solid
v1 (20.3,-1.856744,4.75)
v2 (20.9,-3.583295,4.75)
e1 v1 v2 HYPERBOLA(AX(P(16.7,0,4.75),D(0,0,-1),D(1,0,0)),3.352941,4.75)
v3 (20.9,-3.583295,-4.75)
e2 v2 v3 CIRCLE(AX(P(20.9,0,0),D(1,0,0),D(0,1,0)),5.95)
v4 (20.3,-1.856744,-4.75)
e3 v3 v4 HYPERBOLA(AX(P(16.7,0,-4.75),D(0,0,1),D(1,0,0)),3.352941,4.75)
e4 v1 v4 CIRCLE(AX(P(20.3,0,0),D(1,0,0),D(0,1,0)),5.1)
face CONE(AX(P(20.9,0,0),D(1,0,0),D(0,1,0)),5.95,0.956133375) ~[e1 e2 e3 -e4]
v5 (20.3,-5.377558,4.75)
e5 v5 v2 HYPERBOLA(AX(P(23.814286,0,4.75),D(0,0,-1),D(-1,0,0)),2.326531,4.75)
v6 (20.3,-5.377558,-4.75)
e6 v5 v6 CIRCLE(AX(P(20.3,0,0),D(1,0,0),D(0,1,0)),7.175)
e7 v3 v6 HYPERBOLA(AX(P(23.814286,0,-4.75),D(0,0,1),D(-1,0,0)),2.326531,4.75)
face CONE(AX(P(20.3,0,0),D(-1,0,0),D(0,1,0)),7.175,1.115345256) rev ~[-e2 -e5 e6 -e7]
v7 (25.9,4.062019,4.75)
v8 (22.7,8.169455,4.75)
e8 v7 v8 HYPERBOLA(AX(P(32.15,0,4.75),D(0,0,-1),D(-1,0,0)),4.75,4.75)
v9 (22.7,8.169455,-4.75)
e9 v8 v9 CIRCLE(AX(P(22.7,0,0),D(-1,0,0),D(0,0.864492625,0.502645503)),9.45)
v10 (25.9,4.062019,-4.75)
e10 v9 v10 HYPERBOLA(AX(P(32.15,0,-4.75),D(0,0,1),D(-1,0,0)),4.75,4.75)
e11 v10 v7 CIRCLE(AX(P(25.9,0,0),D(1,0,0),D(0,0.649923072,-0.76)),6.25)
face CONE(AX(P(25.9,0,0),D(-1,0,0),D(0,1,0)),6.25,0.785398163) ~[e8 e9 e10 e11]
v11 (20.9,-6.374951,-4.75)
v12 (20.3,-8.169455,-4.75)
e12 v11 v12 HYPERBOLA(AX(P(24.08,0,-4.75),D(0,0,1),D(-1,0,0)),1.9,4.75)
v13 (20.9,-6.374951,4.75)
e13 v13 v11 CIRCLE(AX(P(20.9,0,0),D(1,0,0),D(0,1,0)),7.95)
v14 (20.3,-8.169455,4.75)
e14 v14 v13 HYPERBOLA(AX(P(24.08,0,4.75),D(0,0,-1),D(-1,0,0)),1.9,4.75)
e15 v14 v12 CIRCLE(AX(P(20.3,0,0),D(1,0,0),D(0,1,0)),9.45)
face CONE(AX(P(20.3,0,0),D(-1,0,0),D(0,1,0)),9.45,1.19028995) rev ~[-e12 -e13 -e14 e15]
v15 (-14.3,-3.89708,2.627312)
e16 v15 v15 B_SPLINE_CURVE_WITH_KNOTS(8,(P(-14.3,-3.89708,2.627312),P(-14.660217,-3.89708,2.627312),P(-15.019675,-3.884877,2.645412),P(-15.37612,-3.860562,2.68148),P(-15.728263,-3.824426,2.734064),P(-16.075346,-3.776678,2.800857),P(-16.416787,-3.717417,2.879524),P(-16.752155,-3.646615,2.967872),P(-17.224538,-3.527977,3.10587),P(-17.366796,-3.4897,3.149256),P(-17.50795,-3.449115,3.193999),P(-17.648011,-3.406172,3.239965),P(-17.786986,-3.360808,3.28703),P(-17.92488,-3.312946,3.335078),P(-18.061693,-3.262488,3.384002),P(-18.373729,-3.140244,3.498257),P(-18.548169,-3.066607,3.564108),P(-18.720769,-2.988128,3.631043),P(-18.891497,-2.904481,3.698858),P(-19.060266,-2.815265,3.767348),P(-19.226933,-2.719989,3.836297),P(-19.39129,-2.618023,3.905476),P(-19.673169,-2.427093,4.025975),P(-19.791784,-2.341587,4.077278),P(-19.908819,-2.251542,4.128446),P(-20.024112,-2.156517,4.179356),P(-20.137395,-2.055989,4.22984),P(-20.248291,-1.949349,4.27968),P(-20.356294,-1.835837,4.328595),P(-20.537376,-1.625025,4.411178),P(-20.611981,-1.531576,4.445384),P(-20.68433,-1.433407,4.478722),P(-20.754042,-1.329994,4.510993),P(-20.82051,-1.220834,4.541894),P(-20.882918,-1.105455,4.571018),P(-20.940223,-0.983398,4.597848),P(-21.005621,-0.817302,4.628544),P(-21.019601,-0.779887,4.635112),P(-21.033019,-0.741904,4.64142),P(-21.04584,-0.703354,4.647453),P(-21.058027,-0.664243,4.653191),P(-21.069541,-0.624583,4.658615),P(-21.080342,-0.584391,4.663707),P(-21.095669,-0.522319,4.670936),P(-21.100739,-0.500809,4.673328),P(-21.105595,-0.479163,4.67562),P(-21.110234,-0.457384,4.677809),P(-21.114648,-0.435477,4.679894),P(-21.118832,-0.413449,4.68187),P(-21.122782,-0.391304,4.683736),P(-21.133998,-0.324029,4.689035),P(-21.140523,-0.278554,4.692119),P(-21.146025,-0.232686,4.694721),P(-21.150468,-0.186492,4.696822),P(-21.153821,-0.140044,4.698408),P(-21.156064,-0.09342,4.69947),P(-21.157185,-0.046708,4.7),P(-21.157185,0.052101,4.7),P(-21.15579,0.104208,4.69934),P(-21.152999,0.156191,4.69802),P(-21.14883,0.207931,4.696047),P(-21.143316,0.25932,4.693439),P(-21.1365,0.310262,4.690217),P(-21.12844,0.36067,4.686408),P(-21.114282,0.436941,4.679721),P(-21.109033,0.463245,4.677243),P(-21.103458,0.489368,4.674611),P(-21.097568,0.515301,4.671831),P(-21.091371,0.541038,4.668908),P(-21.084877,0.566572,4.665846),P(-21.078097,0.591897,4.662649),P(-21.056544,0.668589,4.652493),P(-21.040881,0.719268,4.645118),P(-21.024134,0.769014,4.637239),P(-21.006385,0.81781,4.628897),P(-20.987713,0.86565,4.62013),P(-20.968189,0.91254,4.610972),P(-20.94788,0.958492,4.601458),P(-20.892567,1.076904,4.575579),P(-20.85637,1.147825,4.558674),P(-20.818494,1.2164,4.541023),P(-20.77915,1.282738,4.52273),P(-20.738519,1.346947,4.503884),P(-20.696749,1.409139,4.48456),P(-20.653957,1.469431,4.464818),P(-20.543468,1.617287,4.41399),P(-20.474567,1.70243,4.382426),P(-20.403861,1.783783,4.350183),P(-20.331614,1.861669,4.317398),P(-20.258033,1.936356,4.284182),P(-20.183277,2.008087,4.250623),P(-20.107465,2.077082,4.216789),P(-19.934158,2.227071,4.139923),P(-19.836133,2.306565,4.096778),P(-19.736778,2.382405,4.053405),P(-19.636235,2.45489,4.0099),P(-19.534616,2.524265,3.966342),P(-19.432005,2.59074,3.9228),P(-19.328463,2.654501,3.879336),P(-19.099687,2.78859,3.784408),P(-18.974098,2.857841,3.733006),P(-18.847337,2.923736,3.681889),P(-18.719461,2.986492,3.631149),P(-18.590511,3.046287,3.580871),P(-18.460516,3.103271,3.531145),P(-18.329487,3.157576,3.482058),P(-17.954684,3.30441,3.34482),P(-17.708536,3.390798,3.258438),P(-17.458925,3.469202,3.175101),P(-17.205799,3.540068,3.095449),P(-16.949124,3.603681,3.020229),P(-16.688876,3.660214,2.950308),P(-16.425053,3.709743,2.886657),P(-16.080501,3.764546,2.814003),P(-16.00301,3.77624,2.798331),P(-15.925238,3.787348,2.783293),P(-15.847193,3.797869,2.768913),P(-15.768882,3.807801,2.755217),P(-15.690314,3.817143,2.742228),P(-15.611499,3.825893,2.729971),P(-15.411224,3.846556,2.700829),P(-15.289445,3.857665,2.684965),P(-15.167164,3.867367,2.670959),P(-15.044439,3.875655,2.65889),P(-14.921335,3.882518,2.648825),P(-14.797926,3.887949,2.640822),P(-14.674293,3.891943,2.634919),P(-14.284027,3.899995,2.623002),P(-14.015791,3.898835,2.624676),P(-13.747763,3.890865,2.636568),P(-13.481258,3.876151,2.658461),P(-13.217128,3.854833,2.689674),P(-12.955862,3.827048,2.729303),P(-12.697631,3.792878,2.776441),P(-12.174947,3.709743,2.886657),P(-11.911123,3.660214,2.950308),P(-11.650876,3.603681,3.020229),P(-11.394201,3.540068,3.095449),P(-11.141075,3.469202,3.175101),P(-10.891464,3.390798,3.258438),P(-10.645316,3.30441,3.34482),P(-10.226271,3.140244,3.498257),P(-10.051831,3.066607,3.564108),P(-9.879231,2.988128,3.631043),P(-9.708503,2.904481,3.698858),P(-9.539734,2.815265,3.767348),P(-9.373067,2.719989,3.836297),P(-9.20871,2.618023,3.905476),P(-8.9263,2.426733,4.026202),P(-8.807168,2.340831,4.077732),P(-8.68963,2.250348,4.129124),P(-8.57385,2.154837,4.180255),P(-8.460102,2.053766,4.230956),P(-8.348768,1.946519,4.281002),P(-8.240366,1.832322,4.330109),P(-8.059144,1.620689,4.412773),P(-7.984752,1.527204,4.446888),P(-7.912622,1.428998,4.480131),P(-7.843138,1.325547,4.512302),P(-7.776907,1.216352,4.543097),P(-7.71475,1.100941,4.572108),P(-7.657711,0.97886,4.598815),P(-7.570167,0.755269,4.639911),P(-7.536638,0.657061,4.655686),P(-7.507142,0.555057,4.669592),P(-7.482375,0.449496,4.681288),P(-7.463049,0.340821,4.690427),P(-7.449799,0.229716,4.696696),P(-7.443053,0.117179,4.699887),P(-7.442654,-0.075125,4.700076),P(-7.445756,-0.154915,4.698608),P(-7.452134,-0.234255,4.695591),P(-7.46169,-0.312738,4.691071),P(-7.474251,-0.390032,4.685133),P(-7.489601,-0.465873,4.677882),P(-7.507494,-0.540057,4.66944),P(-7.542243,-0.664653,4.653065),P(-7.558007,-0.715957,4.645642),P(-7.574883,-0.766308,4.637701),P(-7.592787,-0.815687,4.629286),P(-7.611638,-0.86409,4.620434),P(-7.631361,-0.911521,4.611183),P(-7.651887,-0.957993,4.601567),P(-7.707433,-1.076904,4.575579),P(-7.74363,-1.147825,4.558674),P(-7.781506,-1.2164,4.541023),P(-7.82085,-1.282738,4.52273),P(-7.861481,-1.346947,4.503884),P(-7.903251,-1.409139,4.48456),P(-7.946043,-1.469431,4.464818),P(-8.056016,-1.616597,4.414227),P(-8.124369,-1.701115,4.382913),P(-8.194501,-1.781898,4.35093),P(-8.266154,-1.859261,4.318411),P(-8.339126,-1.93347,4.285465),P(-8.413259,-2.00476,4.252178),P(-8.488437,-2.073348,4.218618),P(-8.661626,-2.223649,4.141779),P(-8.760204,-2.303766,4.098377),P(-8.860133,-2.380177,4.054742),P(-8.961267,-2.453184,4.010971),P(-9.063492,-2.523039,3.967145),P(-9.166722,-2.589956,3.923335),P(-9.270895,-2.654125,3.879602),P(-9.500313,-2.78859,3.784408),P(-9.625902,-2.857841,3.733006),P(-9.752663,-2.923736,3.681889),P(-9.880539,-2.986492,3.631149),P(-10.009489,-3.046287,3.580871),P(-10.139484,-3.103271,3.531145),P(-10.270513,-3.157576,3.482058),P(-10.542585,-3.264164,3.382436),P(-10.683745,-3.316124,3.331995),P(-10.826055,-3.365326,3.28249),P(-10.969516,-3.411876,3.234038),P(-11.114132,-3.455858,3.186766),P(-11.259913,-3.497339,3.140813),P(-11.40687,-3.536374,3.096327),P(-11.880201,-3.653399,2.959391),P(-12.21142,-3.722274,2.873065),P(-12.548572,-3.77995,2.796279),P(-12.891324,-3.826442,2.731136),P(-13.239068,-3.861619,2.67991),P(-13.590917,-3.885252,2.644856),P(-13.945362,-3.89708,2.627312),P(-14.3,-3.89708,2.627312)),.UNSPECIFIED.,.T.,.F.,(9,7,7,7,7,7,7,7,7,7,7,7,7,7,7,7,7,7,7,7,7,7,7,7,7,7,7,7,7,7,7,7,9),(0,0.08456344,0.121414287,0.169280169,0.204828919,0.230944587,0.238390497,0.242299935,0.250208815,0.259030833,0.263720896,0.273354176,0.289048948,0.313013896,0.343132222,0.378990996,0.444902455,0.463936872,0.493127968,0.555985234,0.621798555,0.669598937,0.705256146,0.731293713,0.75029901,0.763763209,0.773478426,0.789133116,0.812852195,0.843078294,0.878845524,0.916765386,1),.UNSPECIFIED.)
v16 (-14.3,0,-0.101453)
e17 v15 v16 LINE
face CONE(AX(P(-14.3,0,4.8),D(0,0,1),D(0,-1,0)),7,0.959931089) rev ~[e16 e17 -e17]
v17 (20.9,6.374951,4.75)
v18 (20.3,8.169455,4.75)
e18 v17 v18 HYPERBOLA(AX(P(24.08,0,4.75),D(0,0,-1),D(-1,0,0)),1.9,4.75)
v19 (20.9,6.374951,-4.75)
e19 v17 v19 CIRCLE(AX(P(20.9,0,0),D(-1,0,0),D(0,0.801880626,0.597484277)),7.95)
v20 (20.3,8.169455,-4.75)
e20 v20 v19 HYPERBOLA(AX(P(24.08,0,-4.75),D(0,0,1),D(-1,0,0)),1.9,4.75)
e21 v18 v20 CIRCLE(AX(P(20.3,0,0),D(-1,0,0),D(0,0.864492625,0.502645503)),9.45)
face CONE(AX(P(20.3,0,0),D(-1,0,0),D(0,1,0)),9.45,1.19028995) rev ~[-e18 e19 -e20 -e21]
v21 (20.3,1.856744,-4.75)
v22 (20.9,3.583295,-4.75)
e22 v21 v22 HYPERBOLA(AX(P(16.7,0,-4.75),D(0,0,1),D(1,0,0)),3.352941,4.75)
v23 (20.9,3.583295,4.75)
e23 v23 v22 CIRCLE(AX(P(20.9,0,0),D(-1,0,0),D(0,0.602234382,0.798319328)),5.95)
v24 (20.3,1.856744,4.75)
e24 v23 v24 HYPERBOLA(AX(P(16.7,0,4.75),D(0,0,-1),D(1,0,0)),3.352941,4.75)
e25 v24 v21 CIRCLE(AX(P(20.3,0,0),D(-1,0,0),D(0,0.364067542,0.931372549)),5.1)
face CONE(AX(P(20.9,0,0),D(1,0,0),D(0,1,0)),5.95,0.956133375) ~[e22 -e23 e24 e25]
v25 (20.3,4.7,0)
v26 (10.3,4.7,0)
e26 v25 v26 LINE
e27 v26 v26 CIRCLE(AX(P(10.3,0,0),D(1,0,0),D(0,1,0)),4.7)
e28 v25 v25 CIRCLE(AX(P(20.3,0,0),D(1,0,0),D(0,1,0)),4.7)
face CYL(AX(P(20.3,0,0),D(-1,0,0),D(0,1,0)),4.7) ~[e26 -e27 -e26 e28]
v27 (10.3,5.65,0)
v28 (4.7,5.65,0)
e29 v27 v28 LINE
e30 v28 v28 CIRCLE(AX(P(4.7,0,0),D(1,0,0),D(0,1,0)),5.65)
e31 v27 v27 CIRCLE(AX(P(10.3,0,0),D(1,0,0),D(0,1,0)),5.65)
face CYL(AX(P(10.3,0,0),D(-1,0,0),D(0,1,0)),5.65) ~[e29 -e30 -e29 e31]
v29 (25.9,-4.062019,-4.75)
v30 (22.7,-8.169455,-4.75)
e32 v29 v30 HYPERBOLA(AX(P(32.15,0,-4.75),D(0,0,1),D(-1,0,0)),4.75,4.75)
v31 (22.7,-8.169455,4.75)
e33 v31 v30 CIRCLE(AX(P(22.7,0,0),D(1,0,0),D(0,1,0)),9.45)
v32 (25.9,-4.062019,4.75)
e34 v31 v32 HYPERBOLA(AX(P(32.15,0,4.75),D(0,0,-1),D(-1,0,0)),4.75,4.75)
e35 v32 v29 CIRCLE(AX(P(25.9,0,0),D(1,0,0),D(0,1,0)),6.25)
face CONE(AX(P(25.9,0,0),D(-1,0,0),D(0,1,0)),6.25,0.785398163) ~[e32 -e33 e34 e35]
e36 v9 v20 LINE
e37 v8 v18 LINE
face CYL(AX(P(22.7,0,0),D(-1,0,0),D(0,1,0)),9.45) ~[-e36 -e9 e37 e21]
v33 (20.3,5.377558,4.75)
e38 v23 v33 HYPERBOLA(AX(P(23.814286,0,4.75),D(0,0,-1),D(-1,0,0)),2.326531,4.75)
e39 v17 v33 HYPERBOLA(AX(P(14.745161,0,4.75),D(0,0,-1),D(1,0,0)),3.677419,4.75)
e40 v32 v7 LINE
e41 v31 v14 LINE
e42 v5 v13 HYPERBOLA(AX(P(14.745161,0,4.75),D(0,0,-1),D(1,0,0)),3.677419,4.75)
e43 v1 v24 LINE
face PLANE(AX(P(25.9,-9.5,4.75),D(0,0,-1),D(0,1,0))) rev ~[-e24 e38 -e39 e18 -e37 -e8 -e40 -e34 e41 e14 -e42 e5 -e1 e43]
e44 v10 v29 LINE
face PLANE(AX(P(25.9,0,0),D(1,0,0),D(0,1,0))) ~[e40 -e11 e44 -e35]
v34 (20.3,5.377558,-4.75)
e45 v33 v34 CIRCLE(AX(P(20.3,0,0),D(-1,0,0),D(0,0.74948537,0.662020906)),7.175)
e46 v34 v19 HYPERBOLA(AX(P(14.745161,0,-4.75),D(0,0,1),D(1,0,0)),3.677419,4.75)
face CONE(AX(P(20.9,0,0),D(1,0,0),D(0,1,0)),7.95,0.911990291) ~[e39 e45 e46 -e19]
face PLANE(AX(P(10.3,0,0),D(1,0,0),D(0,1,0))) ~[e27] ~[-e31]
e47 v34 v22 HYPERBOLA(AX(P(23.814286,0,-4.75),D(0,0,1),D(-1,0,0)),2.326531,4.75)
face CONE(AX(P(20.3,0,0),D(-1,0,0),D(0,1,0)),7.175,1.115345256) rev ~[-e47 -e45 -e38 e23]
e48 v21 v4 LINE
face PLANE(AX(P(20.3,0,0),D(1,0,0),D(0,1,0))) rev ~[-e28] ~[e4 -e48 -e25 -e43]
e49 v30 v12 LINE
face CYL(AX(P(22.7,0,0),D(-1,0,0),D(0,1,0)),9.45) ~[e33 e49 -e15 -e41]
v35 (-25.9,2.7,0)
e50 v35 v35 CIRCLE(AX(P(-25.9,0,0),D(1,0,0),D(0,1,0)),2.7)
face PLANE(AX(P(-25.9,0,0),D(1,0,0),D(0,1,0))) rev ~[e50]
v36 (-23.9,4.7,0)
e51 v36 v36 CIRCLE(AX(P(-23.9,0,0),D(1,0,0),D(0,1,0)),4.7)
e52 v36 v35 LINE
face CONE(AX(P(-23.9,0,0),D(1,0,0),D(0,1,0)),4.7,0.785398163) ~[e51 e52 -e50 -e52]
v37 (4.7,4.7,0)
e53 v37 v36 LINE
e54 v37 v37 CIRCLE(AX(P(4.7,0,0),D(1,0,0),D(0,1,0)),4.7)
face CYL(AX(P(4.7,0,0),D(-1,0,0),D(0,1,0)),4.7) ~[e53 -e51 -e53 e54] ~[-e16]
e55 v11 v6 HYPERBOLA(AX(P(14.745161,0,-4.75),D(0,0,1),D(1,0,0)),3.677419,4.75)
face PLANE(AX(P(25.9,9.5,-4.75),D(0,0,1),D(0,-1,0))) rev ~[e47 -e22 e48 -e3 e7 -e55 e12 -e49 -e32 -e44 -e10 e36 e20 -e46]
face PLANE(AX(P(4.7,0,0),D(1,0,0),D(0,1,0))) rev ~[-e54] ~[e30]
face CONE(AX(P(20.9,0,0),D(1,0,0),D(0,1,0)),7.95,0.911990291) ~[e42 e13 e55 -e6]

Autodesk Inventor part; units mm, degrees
ref_plane "YZ Plane" through (0, 0, 0) normal (1, 0, 0) x (0, 1, 0)
sketch "Sketch1" plane through (0, 0, 0) normal (0, 0, 1) x (1, 0, 0)
  line L0 (25.9, 0) -> (25.9, 6.25)
  line L1 (22.7, 9.45) -> (20.3, 9.45)
  line L2 (20.3, 9.45) -> (20.3, 7.175) construction
  line L3 (20.3, 4.7) -> (10.3, 4.7)
  line L4 (10.3, 4.7) -> (10.3, 5.65)
  line L5 (10.3, 5.65) -> (4.7, 5.65)
  line L6 (4.7, 5.65) -> (4.7, 4.7)
  line L7 (4.7, 4.7) -> (-23.9, 4.7)
  line L8 (-25.9, 2.7) -> (-25.9, 0)
  line L9 (-25.9, 0) -> (25.9, 0)
  line L10 (-23.9, 4.7) -> (-25.9, 2.7)
  line L11 (25.9, 6.25) -> (22.7, 9.45)
  line L12 (20.3, 9.45) -> (20.9, 7.95)
  line L13 (20.9, 7.95) -> (20.3, 7.175)
  line L14 (20.3, 7.175) -> (20.9, 5.95)
  line L15 (20.9, 5.95) -> (20.3, 5.1)
  line L16 (20.3, 7.175) -> (20.3, 5.1) construction
  line L17 (20.3, 5.1) -> (20.3, 4.7)
  point P0 (0, 0)
  point P1 (25.9, 9.45)
  point P2 (-25.9, 4.7)
  point P3 (0, 0)
  dimension "d0" = 9.45
  dimension "d1" = 5.6
  dimension "d2" = 51.8
  dimension "d3" = 4.7
  dimension "d4" = 10
  dimension "d5" = 5.6
  dimension "d6" = 5.65
  dimension "d7" = 2
  dimension "d8" = 2
  dimension "d10" = 3.2
  dimension "d11" = 3.2
  dimension "d26" = 0.6
  dimension "d27" = 1.5
  dimension "d28" = 2
  dimension "d29" = 0.4
  dimension "d30" = 2.275
revolve "Revolution1" add sketch "Sketch1" angle 360 about axis through (-25.9, 0, 0) along (1, 0, 0)
sketch "Sketch2" plane through (25.9, 0, 0) normal (1, 0, 0) x (0, 0, -1)
  line L0 (-4.75, 9.5) -> (4.75, 9.5) construction
  line L1 (4.75, 9.5) -> (4.75, -9.5)
  line L2 (4.75, -9.5) -> (-4.75, -9.5) construction
  line L3 (-4.75, -9.5) -> (-4.75, 9.5)
  line L4 (4.75, 9.5) -> (9.75, 9.5)
  line L5 (9.75, 9.5) -> (9.75, -9.5)
  line L6 (9.75, -9.5) -> (4.75, -9.5)
  line L7 (-4.75, 9.5) -> (-9.75, 9.5)
  line L8 (-9.75, 9.5) -> (-9.75, -9.5)
  line L9 (-9.75, -9.5) -> (-4.75, -9.5)
  point P0 (0, 0)
  point P1 (0, 9.5)
  point P2 (-4.75, 0)
  dimension "d12" = 9.5
  dimension "d13" = 19
  dimension "d14" = 5
extrude "Extrusion1" cut sketch "Sketch2" against normal blind 5.8
ref_plane "Work Plane1" through (0, 4.9, 0) normal (0, 1, 0) x (-1, 0, 0)
sketch "Sketch3" plane through (0, 4.9, 0) normal (0, 1, 0) x (-1, 0, 0)
  line L0 (-4.7, 5.65) -> (-4.7, -5.65) projected
  point P0 (0, 0)
  point P1 (14.3, 0)
  dimension "d18" = 19
hole "0°" [suppressed]
ref_plane "Work Plane2" through (0, 0, 5) normal (0, 0, 1) x (1, 0, 0)
sketch "Sketch4" plane through (0, 0, 5) normal (0, 0, 1) x (1, 0, 0)
  line L0 (4.7, -5.65) -> (4.7, 5.65) projected
  point P0 (0, 0)
  point P1 (-14.3, 0)
  dimension "d32" = 19
hole "90°" at (-14.3, 0, 5) direction (0, 0, -1) diameter 14 depth 0.2 tip angle 110
equation "\"d8\" = d7"
equation "\"d11\" = d10"
properties part number "Tornillo en T esquinero"
